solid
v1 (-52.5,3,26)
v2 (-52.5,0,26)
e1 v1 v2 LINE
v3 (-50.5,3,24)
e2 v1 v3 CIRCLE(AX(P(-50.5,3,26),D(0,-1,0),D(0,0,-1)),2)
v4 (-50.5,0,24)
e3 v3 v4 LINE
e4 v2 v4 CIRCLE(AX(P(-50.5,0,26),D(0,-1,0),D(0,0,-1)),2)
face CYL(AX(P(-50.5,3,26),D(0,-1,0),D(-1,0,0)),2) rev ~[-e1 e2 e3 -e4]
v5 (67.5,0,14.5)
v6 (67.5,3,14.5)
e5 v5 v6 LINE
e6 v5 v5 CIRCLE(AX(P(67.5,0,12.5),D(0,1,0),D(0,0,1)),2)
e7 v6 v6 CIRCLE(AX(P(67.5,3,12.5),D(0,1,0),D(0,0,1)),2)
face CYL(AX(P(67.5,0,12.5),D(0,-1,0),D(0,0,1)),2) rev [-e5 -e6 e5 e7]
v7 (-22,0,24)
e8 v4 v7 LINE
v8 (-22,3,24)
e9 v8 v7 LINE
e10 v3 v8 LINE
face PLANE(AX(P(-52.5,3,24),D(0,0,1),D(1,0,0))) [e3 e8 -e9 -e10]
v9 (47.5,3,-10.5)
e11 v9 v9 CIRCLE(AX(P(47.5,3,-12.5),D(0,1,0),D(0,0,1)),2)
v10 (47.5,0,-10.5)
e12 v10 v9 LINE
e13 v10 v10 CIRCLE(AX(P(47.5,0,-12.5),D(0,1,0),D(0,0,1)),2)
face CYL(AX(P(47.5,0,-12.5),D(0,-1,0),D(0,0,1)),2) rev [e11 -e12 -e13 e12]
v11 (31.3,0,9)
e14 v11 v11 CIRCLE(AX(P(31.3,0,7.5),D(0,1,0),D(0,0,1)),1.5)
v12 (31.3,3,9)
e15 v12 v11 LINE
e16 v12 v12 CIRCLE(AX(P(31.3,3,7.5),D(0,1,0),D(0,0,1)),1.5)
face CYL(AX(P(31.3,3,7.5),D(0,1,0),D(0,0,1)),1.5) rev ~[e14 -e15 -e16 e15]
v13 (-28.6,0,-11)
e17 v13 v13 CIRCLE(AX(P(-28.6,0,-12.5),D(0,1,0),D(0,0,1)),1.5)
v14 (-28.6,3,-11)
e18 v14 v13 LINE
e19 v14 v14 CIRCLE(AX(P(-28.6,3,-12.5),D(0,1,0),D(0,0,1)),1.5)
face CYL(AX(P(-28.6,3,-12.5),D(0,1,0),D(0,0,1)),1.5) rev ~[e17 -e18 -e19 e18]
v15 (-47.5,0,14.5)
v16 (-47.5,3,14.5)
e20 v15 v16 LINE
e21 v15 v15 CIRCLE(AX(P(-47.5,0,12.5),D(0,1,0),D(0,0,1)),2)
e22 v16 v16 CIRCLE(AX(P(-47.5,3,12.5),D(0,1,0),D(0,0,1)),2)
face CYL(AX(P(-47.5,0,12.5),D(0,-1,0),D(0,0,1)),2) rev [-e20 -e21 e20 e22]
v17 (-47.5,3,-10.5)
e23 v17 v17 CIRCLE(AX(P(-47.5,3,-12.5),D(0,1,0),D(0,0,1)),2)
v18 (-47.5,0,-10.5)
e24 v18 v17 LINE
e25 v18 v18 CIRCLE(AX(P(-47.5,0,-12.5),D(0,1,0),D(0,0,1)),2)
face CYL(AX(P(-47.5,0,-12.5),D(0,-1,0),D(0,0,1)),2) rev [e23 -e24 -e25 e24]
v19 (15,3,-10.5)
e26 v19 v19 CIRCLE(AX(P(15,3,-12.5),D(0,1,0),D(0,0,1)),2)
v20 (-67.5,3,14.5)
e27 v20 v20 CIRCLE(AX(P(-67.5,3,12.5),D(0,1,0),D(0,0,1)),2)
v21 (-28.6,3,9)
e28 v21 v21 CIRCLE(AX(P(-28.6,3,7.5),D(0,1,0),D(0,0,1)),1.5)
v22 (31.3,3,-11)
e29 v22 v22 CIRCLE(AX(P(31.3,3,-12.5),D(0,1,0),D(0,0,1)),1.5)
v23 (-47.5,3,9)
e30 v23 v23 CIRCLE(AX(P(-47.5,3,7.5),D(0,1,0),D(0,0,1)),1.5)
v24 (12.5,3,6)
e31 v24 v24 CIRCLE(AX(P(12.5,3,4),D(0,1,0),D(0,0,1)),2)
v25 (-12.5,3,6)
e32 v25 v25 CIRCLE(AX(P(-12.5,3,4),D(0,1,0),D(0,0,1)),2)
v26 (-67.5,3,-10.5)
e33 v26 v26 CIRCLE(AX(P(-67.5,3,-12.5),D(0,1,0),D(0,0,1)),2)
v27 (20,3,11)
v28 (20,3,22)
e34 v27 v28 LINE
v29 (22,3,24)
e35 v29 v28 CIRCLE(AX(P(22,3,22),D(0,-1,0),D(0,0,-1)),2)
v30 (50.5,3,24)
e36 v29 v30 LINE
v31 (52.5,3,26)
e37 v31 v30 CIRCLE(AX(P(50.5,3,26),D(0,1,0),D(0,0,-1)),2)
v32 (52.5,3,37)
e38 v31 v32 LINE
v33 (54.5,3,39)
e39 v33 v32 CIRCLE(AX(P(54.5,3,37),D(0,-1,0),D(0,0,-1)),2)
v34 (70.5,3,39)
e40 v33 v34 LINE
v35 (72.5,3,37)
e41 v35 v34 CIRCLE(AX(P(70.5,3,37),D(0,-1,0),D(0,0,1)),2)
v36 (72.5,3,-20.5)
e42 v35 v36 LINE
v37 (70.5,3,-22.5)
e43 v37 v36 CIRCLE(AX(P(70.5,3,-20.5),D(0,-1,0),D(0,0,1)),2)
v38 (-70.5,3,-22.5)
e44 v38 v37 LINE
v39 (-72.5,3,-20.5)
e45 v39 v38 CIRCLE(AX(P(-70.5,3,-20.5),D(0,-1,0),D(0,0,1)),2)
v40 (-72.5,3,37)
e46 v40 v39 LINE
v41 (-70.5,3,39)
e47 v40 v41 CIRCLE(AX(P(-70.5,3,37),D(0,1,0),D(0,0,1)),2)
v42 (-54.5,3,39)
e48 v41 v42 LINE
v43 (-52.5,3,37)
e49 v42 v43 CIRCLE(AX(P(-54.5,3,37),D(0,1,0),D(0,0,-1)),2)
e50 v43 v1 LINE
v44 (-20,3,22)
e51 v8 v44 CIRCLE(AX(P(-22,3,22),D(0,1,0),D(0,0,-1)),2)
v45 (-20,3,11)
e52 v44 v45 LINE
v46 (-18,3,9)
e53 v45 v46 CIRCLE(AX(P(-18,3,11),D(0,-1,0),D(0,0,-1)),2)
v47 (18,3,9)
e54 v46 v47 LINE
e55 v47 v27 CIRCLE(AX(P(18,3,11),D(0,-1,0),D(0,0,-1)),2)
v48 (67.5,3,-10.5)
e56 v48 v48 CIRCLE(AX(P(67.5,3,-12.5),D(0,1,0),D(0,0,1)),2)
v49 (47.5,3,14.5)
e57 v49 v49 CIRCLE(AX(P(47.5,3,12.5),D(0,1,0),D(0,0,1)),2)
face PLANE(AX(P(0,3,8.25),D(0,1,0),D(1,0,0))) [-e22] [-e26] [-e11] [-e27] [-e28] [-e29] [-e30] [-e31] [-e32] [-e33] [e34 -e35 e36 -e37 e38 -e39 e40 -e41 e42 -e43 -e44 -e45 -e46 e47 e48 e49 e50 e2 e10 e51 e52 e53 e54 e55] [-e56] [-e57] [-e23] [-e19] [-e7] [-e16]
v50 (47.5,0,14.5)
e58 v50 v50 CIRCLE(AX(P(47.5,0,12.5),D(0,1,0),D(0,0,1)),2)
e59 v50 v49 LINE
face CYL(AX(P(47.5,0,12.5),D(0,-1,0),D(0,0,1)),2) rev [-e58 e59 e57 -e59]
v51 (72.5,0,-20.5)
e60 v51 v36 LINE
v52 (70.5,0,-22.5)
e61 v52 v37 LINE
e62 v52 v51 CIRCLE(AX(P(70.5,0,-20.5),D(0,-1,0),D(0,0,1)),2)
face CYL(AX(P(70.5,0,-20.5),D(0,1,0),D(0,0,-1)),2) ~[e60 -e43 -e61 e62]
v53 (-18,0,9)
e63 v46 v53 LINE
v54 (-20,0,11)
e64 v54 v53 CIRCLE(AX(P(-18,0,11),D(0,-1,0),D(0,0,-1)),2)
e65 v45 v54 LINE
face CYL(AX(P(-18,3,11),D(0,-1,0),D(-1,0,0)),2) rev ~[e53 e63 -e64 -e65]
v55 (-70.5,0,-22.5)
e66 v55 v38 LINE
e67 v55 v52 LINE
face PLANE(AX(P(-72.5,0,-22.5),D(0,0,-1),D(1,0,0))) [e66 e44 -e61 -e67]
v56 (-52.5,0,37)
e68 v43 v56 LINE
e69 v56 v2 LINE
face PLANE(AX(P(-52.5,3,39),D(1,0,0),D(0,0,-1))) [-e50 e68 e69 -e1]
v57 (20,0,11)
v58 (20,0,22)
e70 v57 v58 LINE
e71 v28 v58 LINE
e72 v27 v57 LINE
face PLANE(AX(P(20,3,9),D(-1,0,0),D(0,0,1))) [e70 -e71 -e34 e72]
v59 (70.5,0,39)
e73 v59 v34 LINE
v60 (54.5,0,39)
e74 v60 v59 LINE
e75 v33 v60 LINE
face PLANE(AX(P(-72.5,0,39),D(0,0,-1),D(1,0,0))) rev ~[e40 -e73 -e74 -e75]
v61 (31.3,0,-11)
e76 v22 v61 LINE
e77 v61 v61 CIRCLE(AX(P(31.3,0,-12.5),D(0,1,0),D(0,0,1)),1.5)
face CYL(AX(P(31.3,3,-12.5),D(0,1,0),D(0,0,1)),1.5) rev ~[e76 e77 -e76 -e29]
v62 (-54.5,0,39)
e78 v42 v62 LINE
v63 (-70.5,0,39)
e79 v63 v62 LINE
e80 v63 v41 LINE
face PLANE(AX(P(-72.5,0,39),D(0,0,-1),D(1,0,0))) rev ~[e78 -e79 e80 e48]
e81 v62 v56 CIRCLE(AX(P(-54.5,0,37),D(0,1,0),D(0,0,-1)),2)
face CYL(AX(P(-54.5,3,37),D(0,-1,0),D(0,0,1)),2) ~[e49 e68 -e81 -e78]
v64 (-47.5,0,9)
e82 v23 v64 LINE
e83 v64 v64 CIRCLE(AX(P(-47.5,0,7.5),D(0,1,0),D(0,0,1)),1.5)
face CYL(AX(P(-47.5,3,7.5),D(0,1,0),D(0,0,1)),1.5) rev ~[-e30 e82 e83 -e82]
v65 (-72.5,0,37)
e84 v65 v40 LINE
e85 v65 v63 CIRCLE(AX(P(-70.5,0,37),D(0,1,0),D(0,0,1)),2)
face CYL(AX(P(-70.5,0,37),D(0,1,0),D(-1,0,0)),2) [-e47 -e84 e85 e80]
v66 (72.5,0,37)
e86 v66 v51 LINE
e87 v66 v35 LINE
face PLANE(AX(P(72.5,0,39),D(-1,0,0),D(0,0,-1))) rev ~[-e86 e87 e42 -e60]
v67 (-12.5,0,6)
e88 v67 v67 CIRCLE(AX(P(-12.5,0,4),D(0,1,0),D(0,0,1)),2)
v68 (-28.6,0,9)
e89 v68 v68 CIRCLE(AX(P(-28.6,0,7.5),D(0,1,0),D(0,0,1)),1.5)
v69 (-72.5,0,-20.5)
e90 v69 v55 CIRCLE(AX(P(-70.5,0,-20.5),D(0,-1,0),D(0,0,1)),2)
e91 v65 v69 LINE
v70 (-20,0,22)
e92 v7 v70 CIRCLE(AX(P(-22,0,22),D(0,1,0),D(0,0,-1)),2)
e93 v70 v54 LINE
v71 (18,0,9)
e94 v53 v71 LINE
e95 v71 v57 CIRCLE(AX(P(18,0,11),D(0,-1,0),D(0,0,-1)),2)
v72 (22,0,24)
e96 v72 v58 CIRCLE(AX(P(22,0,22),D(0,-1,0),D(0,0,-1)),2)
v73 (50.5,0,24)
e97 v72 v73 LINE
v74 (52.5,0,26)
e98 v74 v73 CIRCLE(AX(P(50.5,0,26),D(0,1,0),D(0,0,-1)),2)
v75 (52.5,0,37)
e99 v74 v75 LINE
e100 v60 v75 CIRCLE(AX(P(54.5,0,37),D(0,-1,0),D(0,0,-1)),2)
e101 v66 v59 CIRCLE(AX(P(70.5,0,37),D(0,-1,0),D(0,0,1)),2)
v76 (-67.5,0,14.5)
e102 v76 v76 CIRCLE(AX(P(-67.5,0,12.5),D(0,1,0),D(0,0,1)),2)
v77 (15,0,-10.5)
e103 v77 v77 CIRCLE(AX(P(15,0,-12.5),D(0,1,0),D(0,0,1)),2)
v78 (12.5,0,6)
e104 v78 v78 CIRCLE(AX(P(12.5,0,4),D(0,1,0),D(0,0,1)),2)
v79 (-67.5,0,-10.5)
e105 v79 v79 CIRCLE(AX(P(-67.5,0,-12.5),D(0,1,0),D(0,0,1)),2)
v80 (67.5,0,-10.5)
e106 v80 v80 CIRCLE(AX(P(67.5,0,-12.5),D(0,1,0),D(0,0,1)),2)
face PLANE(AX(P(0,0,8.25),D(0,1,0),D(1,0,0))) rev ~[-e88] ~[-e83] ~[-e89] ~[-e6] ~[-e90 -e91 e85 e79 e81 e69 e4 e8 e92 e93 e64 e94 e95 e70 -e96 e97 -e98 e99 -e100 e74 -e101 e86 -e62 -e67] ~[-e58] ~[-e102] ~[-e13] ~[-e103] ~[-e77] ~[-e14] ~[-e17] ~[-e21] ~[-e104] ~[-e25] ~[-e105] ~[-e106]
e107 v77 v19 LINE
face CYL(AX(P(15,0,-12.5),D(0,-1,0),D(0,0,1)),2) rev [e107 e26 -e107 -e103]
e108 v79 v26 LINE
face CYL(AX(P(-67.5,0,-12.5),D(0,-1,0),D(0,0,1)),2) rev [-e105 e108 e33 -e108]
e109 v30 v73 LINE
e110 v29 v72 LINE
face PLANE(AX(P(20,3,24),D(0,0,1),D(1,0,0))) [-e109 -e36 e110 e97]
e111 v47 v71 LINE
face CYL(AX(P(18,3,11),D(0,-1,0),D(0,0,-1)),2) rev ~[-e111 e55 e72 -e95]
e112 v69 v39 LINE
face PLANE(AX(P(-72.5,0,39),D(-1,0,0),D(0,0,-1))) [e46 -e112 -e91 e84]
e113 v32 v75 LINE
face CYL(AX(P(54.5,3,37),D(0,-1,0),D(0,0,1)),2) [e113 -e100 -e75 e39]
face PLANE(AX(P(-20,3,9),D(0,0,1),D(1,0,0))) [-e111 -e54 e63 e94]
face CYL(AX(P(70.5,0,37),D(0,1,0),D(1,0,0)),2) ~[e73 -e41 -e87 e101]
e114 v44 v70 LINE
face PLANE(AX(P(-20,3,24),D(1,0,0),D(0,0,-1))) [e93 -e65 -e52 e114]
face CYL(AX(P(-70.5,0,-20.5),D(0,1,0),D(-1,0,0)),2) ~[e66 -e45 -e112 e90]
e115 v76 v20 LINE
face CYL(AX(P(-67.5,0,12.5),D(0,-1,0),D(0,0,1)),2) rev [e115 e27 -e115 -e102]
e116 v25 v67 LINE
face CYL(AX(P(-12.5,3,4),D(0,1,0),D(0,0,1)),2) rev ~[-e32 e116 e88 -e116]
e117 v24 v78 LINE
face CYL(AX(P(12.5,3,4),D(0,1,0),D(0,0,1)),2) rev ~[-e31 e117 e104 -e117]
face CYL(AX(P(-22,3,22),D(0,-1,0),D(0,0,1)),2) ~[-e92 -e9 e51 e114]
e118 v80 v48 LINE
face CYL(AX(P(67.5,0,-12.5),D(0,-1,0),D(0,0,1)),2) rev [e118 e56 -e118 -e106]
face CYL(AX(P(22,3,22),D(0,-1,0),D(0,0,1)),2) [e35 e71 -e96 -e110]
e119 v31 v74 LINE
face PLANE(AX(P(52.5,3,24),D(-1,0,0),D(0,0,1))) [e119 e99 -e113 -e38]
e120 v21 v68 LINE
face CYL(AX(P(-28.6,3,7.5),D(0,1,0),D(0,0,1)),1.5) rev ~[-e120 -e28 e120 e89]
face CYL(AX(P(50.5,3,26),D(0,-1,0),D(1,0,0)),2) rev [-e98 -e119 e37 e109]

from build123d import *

# Parameters (mm, degrees)
SKETCH_1_W          = 145
SKETCH_1_H          = 61.5
SKETCH_1_R          = 2
EXTRUDE_1_DEPTH     = 3
SKETCH_2_R          = 2
CUT_EXTRUDE_1_DEPTH = 10
SKETCH_3_R          = 1.5
CUT_EXTRUDE_2_DEPTH = 10
FILLET_2_R          = 2


with BuildPart() as part:
    # 草图1 → 凸台-拉伸1 (new body)
    with BuildSketch(Plane(origin=(0, 0, 0), x_dir=(1, 0, 0), z_dir=(0, 1, 0))):
        with Locations((0, -8.25)):
            Rectangle(SKETCH_1_W, SKETCH_1_H)
        with Locations(Location((-67.5, 12.5, 0), (0, 0, 270))):
            Circle(SKETCH_1_R, mode=Mode.SUBTRACT)
        with Locations(Location((-67.5, -12.5, 0), (0, 0, 270))):
            Circle(SKETCH_1_R, mode=Mode.SUBTRACT)
        with Locations(Location((67.5, 12.5, 0), (0, 0, 270))):
            Circle(SKETCH_1_R, mode=Mode.SUBTRACT)
        with Locations(Location((67.5, -12.5, 0), (0, 0, 270))):
            Circle(SKETCH_1_R, mode=Mode.SUBTRACT)
        with Locations(Location((15, 12.5, 0), (0, 0, 270))):
            Circle(SKETCH_1_R, mode=Mode.SUBTRACT)
        with Locations(Location((15, -12.5, 0), (0, 0, 270))):
            Circle(SKETCH_1_R, mode=Mode.SUBTRACT)
        with Locations(Location((-47.5, 12.5, 0), (0, 0, 270))):
            Circle(SKETCH_1_R, mode=Mode.SUBTRACT)
        with Locations(Location((-47.5, -12.5, 0), (0, 0, 270))):
            Circle(SKETCH_1_R, mode=Mode.SUBTRACT)
        with Locations(Location((47.5, 12.5, 0), (0, 0, 270))):
            Circle(SKETCH_1_R, mode=Mode.SUBTRACT)
        with Locations(Location((47.5, -12.5, 0), (0, 0, 270))):
            Circle(SKETCH_1_R, mode=Mode.SUBTRACT)
    extrude(amount=EXTRUDE_1_DEPTH)

    # 草图2 → 切除-拉伸1 (cut)
    with BuildSketch(Plane(origin=(0, 3, 0), x_dir=(1, 0, 0), z_dir=(0, 1, 0))):
        with Locations(Location((-12.5, -4, 0), (0, 0, 270))):
            Circle(SKETCH_2_R)
        with Locations(Location((12.5, -4, 0), (0, 0, 270))):
            Circle(SKETCH_2_R)
        Polygon((-52.5, -39), (-52.5, -24), (-20, -24), (-20, -9), (20, -9), (20, -24), (52.5, -24), (52.5, -39), align=None)
    extrude(amount=-CUT_EXTRUDE_1_DEPTH, mode=Mode.SUBTRACT)

    # 草图3 → 切除-拉伸2 (cut)
    with BuildSketch(Plane(origin=(0, 3, 0), x_dir=(1, 0, 0), z_dir=(0, 1, 0))):
        with Locations((-47.5, 12.5)):
            Circle(SKETCH_3_R)
        with Locations(Location((-47.5, -7.5, 0), (0, 0, 270))):
            Circle(SKETCH_3_R)
        with Locations(Location((31.3, 12.5, 0), (0, 0, 270))):
            Circle(SKETCH_3_R)
        with Locations(Location((31.3, -7.5, 0), (0, 0, 270))):
            Circle(SKETCH_3_R)
        with Locations(Location((-28.6, 12.5, 0), (0, 0, 270))):
            Circle(SKETCH_3_R)
        with Locations(Location((-28.6, -7.5, 0), (0, 0, 270))):
            Circle(SKETCH_3_R)
    extrude(amount=-CUT_EXTRUDE_2_DEPTH, mode=Mode.SUBTRACT)

    # 圆角2
    fillet_2_edges = [part.edges().sort_by_distance(p)[0] for p in [
        (52.5, 1.5, 39),
        (-52.5, 1.5, 39),
        (-52.5, 1.5, 24),
        (-20, 1.5, 24),
        (-20, 1.5, 9),
        (20, 1.5, 9),
        (20, 1.5, 24),
        (52.5, 1.5, 24),
        (72.5, 1.5, -22.5),
        (72.5, 1.5, 39),
        (-72.5, 1.5, 39),
        (-72.5, 1.5, -22.5),
    ]]
    fillet(fillet_2_edges, radius=FILLET_2_R)


solid = part.part
